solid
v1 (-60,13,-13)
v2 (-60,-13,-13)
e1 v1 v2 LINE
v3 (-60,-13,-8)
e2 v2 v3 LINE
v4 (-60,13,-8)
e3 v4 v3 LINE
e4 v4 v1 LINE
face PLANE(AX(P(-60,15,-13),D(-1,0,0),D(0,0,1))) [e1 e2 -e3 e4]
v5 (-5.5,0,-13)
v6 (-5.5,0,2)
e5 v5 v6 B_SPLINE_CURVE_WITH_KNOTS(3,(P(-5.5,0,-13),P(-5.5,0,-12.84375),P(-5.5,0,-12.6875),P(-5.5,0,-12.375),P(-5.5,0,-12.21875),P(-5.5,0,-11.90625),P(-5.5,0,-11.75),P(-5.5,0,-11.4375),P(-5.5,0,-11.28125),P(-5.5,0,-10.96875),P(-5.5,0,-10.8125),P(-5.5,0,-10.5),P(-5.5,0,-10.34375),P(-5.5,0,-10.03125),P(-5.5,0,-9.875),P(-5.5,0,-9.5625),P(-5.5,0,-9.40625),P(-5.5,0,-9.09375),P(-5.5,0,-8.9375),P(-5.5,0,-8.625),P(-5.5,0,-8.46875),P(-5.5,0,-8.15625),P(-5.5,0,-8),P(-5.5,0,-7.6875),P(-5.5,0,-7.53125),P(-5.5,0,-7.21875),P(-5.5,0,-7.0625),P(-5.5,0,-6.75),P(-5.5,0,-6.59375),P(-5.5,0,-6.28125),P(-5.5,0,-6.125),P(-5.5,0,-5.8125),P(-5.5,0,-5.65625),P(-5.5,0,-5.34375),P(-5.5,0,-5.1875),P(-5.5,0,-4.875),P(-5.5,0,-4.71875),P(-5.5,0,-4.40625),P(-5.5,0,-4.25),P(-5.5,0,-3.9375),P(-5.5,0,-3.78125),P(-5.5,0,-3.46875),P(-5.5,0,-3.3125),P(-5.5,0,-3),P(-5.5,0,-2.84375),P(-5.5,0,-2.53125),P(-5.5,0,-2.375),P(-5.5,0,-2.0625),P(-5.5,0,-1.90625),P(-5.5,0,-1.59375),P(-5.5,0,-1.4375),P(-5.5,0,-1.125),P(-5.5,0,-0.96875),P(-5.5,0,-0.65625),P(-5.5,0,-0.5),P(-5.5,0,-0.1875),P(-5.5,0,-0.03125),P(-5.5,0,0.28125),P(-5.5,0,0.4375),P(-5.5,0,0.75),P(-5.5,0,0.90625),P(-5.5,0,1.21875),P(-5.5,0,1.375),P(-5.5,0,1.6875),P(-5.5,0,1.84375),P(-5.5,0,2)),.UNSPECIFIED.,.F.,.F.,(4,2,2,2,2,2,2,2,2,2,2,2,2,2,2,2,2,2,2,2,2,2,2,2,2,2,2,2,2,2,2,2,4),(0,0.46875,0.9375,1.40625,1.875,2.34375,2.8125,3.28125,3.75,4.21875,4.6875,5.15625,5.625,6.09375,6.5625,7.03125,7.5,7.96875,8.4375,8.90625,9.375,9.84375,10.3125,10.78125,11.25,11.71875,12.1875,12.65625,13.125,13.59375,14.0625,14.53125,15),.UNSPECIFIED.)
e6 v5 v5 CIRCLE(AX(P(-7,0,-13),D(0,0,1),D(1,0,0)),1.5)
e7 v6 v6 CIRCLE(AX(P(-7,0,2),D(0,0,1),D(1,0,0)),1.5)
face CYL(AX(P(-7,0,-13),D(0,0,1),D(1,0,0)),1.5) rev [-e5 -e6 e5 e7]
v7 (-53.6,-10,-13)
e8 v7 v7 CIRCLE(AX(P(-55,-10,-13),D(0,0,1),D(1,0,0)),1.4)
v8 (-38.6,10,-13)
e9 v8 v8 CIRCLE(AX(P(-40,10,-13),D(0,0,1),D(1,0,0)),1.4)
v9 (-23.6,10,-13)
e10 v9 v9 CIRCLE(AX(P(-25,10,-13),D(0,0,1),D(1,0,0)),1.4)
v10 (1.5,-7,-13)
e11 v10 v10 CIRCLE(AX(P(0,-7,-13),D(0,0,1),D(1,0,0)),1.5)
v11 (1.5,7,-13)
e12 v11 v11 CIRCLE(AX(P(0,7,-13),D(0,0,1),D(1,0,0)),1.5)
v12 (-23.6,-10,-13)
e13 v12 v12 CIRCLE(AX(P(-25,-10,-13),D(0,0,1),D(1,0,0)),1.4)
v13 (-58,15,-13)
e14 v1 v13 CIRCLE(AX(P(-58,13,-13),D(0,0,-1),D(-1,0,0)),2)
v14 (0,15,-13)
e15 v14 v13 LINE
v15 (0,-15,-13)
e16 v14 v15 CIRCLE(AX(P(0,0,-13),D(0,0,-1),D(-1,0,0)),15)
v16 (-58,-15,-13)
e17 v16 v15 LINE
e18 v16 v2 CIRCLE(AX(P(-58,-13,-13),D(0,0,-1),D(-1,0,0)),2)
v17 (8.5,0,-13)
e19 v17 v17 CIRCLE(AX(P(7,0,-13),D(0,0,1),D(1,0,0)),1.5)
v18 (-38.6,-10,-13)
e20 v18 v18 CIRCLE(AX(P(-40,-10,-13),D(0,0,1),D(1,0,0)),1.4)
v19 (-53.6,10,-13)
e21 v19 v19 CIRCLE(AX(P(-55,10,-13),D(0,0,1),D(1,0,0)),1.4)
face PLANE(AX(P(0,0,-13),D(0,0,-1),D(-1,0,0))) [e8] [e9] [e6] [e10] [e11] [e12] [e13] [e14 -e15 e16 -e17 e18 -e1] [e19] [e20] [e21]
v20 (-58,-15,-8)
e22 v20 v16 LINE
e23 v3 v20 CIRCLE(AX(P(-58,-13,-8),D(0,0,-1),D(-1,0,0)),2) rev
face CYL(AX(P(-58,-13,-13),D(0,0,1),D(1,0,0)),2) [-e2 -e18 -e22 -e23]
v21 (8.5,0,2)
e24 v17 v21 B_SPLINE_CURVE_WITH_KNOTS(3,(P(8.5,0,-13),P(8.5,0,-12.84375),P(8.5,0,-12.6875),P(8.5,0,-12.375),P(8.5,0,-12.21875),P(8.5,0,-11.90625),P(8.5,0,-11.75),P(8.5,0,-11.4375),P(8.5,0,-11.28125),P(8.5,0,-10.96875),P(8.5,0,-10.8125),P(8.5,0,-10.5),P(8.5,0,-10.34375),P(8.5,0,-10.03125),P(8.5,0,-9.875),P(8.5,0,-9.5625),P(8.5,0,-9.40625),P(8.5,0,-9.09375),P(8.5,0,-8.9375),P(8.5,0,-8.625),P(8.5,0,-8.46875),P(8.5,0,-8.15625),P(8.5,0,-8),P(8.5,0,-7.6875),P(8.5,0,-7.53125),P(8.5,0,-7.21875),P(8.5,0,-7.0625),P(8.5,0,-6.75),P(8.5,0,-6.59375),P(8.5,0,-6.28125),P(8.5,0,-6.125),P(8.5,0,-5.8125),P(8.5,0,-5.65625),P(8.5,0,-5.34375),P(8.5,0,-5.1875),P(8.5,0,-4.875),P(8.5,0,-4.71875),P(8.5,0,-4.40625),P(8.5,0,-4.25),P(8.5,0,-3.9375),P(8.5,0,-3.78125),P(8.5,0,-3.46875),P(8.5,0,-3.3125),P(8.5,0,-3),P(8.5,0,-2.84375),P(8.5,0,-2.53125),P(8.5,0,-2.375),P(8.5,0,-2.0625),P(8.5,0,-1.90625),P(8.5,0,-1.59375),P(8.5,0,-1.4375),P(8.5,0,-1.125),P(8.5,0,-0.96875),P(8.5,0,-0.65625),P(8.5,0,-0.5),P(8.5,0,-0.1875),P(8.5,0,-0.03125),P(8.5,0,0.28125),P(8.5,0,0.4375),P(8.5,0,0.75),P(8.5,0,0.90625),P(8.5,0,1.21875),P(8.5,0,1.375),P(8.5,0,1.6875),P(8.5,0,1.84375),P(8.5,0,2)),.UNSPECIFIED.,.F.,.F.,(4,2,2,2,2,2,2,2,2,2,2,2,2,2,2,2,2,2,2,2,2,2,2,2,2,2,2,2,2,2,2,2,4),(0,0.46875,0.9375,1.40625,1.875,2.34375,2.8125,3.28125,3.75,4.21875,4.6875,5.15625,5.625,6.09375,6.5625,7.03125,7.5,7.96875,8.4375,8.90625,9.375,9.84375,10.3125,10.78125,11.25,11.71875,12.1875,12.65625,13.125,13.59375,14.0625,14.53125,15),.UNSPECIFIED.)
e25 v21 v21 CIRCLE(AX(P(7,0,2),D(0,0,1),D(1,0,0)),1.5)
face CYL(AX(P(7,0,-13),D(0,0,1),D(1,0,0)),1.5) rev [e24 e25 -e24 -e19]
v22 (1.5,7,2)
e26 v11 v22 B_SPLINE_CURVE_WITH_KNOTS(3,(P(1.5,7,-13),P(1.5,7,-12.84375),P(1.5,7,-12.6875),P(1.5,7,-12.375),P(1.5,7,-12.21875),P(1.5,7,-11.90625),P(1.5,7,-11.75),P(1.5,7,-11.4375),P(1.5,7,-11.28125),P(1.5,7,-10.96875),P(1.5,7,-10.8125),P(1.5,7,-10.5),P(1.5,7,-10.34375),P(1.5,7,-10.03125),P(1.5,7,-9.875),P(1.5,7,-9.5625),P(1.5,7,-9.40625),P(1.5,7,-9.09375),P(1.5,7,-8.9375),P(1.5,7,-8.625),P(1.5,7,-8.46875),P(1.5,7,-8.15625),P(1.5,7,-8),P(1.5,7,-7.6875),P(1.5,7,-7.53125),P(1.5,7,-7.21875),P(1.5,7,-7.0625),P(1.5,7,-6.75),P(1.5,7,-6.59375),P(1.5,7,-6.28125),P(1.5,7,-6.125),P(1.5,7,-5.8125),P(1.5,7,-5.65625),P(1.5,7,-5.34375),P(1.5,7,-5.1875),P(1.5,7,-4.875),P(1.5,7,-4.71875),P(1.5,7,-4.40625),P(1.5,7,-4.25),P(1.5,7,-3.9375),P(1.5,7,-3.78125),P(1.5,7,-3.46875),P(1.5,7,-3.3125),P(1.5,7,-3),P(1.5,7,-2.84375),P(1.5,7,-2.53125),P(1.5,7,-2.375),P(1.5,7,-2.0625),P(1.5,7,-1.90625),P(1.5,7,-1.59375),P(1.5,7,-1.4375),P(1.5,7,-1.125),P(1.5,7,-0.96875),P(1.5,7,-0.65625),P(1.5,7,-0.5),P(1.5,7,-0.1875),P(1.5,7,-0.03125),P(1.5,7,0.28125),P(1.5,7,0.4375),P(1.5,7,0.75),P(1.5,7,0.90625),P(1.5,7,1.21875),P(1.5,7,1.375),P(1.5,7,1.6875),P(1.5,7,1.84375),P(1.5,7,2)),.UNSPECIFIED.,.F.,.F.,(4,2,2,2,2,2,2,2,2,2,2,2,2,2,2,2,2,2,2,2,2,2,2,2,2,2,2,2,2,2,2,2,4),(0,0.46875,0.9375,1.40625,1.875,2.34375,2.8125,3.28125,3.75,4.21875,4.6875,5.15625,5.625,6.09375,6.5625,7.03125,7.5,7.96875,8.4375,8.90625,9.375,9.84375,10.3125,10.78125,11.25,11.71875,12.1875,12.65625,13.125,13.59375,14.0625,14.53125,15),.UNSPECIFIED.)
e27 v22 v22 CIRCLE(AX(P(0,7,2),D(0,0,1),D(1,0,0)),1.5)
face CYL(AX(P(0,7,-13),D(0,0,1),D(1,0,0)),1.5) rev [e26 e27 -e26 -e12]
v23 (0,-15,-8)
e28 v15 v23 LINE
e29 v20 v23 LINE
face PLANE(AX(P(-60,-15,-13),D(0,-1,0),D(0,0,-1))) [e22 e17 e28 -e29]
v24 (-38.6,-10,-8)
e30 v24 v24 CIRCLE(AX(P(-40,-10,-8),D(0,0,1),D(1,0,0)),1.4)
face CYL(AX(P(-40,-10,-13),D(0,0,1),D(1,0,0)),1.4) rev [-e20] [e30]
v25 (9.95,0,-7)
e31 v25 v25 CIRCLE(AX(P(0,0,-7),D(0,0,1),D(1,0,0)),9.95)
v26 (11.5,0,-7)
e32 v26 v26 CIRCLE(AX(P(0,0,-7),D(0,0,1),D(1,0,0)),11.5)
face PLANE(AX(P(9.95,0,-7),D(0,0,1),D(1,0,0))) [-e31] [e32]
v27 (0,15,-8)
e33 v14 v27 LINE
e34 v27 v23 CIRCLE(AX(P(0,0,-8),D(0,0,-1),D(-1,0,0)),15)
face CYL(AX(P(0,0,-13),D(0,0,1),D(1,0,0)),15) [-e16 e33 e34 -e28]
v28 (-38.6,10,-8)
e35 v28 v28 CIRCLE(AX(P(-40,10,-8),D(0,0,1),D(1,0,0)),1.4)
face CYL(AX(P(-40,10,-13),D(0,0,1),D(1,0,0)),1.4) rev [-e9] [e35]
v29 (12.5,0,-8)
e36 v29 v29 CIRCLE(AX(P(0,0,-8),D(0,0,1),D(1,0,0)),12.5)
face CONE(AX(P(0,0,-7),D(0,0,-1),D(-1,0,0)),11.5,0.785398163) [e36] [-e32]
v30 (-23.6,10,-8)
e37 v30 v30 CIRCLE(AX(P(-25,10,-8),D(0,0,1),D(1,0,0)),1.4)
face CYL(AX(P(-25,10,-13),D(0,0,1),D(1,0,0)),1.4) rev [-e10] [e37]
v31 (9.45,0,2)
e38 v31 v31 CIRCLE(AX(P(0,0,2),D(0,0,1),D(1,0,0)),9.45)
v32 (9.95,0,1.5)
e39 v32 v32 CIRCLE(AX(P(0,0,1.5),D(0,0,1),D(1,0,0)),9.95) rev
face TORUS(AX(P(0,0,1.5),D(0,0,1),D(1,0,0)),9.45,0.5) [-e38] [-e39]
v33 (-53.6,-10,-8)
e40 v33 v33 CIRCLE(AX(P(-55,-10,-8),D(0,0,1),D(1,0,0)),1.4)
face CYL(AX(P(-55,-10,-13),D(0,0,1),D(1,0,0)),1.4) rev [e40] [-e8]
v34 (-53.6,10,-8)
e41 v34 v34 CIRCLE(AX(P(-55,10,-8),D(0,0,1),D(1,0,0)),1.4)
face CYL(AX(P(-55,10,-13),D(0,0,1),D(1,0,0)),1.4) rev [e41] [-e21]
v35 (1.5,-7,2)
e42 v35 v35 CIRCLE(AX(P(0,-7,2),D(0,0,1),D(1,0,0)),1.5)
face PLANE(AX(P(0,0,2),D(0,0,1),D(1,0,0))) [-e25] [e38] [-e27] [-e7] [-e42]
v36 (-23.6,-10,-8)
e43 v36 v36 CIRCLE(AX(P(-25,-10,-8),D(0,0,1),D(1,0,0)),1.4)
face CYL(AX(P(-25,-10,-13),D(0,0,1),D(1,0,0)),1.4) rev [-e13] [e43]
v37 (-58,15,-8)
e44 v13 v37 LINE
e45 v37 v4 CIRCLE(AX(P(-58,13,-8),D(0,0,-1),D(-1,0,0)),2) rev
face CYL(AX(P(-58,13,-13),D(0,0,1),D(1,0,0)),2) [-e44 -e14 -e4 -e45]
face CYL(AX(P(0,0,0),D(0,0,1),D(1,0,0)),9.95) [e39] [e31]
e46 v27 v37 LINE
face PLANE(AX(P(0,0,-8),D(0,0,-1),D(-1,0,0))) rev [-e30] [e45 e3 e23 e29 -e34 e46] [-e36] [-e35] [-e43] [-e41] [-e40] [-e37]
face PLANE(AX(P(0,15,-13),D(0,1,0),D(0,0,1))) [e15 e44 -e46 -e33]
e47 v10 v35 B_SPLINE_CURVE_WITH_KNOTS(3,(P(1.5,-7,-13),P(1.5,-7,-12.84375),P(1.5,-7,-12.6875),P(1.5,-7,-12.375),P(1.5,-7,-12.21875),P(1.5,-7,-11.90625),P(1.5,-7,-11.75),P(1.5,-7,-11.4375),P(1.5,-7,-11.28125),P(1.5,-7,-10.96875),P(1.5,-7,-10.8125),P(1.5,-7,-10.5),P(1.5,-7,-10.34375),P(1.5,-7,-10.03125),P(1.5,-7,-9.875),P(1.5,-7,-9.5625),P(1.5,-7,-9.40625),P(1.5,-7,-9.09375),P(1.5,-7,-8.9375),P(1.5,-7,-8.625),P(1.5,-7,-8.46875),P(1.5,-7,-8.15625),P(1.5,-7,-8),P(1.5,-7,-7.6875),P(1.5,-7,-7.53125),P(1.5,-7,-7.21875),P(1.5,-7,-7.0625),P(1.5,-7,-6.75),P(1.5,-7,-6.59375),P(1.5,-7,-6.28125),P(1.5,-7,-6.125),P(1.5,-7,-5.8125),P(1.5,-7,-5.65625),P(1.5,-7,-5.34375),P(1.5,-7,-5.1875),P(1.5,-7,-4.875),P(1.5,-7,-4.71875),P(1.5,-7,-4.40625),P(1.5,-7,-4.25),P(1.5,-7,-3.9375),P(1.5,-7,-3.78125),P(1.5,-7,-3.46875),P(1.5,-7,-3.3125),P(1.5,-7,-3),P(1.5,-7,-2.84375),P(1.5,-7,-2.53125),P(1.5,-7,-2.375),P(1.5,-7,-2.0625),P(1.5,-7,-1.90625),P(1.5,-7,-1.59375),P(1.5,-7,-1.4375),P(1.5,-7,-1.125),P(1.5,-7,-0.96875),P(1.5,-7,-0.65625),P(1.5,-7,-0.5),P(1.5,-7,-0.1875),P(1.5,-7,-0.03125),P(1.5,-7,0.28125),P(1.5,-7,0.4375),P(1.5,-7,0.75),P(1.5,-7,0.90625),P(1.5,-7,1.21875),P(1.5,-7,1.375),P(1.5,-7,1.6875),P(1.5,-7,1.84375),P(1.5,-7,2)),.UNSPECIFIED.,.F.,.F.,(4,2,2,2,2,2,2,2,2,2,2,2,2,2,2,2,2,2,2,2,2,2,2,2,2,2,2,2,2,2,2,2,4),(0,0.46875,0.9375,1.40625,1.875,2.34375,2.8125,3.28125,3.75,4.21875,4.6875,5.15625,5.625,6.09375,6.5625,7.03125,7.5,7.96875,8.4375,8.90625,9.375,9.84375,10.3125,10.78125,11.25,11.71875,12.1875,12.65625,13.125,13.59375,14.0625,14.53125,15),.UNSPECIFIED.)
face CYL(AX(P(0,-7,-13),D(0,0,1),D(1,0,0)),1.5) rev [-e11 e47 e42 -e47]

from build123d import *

# Parameters (mm, degrees)
BOSS_EXTRUDE1_DEPTH = 5
SKETCH3_R           = 9.95
BOSS_EXTRUDE2_DEPTH = 2
SKETCH4_R           = 1.5
CUT_EXTRUDE1_DEPTH  = 64.639610307
SKETCH5_R           = 1.4
CUT_EXTRUDE2_DEPTH  = 63.649820431
FILLET1_R           = 2
FILLET2_R           = 0.5


with BuildPart() as part:
    # Sketch1 → Revolve1 (revolve)
    with BuildSketch(Plane(origin=(0, 0, 0), x_dir=(1, 0, 0), z_dir=(0, 1, 0))):
        Polygon((0, 0), (9.95, 0), (9.95, 7), (11.5, 7), (12.5, 8), (0, 8), align=None)
    revolve(axis=Axis((0, 0, 0), (0, 0, -1)))

    # Sketch2 → Boss-Extrude1 (add)
    with BuildSketch(Plane(origin=(0, 0, -8), x_dir=(-1, 0, 0), z_dir=(0, 0, -1))):
        with BuildLine():
            Line((0, 15), (60, 15))
            Line((60, 15), (60, -15))
            Line((60, -15), (0, -15))
            ThreePointArc((0, -15), (-15, 0), (0, 15))
        make_face()
    extrude(amount=BOSS_EXTRUDE1_DEPTH)

    # Sketch3 → Boss-Extrude2 (add)
    with BuildSketch(Plane.XY):
        Circle(SKETCH3_R)
    extrude(amount=BOSS_EXTRUDE2_DEPTH)

    # Sketch4 → Cut-Extrude1 (cut, through all)
    with BuildSketch(Plane.XY.offset(2)):
        with Locations((0, 7)):
            Circle(SKETCH4_R)
        with Locations((7, 0)):
            Circle(SKETCH4_R)
        with Locations((0, -7)):
            Circle(SKETCH4_R)
        with Locations((-7, 0)):
            Circle(SKETCH4_R)
    extrude(amount=-CUT_EXTRUDE1_DEPTH, mode=Mode.SUBTRACT)

    # Sketch5 → Cut-Extrude2 (cut, through all)
    with BuildSketch(Plane.XY.offset(-8)):
        with Locations((-55, 10)):
            Circle(SKETCH5_R)
        with Locations((-55, -10)):
            Circle(SKETCH5_R)
        with Locations((-40, 10)):
            Circle(SKETCH5_R)
        with Locations((-40, -10)):
            Circle(SKETCH5_R)
        with Locations((-25, 10)):
            Circle(SKETCH5_R)
        with Locations((-25, -10)):
            Circle(SKETCH5_R)
    extrude(amount=-CUT_EXTRUDE2_DEPTH, mode=Mode.SUBTRACT)

    # Fillet1
    fillet1_edges = [part.edges().sort_by_distance(p)[0] for p in [
        (-60, -15, -10.5),
        (-60, 15, -10.5),
    ]]
    fillet(fillet1_edges, radius=FILLET1_R)

    # Fillet2
    fillet2_edges = [part.edges().sort_by_distance(p)[0] for p in [
        (-9.95, 0, 2),
    ]]
    fillet(fillet2_edges, radius=FILLET2_R)


solid = part.part
